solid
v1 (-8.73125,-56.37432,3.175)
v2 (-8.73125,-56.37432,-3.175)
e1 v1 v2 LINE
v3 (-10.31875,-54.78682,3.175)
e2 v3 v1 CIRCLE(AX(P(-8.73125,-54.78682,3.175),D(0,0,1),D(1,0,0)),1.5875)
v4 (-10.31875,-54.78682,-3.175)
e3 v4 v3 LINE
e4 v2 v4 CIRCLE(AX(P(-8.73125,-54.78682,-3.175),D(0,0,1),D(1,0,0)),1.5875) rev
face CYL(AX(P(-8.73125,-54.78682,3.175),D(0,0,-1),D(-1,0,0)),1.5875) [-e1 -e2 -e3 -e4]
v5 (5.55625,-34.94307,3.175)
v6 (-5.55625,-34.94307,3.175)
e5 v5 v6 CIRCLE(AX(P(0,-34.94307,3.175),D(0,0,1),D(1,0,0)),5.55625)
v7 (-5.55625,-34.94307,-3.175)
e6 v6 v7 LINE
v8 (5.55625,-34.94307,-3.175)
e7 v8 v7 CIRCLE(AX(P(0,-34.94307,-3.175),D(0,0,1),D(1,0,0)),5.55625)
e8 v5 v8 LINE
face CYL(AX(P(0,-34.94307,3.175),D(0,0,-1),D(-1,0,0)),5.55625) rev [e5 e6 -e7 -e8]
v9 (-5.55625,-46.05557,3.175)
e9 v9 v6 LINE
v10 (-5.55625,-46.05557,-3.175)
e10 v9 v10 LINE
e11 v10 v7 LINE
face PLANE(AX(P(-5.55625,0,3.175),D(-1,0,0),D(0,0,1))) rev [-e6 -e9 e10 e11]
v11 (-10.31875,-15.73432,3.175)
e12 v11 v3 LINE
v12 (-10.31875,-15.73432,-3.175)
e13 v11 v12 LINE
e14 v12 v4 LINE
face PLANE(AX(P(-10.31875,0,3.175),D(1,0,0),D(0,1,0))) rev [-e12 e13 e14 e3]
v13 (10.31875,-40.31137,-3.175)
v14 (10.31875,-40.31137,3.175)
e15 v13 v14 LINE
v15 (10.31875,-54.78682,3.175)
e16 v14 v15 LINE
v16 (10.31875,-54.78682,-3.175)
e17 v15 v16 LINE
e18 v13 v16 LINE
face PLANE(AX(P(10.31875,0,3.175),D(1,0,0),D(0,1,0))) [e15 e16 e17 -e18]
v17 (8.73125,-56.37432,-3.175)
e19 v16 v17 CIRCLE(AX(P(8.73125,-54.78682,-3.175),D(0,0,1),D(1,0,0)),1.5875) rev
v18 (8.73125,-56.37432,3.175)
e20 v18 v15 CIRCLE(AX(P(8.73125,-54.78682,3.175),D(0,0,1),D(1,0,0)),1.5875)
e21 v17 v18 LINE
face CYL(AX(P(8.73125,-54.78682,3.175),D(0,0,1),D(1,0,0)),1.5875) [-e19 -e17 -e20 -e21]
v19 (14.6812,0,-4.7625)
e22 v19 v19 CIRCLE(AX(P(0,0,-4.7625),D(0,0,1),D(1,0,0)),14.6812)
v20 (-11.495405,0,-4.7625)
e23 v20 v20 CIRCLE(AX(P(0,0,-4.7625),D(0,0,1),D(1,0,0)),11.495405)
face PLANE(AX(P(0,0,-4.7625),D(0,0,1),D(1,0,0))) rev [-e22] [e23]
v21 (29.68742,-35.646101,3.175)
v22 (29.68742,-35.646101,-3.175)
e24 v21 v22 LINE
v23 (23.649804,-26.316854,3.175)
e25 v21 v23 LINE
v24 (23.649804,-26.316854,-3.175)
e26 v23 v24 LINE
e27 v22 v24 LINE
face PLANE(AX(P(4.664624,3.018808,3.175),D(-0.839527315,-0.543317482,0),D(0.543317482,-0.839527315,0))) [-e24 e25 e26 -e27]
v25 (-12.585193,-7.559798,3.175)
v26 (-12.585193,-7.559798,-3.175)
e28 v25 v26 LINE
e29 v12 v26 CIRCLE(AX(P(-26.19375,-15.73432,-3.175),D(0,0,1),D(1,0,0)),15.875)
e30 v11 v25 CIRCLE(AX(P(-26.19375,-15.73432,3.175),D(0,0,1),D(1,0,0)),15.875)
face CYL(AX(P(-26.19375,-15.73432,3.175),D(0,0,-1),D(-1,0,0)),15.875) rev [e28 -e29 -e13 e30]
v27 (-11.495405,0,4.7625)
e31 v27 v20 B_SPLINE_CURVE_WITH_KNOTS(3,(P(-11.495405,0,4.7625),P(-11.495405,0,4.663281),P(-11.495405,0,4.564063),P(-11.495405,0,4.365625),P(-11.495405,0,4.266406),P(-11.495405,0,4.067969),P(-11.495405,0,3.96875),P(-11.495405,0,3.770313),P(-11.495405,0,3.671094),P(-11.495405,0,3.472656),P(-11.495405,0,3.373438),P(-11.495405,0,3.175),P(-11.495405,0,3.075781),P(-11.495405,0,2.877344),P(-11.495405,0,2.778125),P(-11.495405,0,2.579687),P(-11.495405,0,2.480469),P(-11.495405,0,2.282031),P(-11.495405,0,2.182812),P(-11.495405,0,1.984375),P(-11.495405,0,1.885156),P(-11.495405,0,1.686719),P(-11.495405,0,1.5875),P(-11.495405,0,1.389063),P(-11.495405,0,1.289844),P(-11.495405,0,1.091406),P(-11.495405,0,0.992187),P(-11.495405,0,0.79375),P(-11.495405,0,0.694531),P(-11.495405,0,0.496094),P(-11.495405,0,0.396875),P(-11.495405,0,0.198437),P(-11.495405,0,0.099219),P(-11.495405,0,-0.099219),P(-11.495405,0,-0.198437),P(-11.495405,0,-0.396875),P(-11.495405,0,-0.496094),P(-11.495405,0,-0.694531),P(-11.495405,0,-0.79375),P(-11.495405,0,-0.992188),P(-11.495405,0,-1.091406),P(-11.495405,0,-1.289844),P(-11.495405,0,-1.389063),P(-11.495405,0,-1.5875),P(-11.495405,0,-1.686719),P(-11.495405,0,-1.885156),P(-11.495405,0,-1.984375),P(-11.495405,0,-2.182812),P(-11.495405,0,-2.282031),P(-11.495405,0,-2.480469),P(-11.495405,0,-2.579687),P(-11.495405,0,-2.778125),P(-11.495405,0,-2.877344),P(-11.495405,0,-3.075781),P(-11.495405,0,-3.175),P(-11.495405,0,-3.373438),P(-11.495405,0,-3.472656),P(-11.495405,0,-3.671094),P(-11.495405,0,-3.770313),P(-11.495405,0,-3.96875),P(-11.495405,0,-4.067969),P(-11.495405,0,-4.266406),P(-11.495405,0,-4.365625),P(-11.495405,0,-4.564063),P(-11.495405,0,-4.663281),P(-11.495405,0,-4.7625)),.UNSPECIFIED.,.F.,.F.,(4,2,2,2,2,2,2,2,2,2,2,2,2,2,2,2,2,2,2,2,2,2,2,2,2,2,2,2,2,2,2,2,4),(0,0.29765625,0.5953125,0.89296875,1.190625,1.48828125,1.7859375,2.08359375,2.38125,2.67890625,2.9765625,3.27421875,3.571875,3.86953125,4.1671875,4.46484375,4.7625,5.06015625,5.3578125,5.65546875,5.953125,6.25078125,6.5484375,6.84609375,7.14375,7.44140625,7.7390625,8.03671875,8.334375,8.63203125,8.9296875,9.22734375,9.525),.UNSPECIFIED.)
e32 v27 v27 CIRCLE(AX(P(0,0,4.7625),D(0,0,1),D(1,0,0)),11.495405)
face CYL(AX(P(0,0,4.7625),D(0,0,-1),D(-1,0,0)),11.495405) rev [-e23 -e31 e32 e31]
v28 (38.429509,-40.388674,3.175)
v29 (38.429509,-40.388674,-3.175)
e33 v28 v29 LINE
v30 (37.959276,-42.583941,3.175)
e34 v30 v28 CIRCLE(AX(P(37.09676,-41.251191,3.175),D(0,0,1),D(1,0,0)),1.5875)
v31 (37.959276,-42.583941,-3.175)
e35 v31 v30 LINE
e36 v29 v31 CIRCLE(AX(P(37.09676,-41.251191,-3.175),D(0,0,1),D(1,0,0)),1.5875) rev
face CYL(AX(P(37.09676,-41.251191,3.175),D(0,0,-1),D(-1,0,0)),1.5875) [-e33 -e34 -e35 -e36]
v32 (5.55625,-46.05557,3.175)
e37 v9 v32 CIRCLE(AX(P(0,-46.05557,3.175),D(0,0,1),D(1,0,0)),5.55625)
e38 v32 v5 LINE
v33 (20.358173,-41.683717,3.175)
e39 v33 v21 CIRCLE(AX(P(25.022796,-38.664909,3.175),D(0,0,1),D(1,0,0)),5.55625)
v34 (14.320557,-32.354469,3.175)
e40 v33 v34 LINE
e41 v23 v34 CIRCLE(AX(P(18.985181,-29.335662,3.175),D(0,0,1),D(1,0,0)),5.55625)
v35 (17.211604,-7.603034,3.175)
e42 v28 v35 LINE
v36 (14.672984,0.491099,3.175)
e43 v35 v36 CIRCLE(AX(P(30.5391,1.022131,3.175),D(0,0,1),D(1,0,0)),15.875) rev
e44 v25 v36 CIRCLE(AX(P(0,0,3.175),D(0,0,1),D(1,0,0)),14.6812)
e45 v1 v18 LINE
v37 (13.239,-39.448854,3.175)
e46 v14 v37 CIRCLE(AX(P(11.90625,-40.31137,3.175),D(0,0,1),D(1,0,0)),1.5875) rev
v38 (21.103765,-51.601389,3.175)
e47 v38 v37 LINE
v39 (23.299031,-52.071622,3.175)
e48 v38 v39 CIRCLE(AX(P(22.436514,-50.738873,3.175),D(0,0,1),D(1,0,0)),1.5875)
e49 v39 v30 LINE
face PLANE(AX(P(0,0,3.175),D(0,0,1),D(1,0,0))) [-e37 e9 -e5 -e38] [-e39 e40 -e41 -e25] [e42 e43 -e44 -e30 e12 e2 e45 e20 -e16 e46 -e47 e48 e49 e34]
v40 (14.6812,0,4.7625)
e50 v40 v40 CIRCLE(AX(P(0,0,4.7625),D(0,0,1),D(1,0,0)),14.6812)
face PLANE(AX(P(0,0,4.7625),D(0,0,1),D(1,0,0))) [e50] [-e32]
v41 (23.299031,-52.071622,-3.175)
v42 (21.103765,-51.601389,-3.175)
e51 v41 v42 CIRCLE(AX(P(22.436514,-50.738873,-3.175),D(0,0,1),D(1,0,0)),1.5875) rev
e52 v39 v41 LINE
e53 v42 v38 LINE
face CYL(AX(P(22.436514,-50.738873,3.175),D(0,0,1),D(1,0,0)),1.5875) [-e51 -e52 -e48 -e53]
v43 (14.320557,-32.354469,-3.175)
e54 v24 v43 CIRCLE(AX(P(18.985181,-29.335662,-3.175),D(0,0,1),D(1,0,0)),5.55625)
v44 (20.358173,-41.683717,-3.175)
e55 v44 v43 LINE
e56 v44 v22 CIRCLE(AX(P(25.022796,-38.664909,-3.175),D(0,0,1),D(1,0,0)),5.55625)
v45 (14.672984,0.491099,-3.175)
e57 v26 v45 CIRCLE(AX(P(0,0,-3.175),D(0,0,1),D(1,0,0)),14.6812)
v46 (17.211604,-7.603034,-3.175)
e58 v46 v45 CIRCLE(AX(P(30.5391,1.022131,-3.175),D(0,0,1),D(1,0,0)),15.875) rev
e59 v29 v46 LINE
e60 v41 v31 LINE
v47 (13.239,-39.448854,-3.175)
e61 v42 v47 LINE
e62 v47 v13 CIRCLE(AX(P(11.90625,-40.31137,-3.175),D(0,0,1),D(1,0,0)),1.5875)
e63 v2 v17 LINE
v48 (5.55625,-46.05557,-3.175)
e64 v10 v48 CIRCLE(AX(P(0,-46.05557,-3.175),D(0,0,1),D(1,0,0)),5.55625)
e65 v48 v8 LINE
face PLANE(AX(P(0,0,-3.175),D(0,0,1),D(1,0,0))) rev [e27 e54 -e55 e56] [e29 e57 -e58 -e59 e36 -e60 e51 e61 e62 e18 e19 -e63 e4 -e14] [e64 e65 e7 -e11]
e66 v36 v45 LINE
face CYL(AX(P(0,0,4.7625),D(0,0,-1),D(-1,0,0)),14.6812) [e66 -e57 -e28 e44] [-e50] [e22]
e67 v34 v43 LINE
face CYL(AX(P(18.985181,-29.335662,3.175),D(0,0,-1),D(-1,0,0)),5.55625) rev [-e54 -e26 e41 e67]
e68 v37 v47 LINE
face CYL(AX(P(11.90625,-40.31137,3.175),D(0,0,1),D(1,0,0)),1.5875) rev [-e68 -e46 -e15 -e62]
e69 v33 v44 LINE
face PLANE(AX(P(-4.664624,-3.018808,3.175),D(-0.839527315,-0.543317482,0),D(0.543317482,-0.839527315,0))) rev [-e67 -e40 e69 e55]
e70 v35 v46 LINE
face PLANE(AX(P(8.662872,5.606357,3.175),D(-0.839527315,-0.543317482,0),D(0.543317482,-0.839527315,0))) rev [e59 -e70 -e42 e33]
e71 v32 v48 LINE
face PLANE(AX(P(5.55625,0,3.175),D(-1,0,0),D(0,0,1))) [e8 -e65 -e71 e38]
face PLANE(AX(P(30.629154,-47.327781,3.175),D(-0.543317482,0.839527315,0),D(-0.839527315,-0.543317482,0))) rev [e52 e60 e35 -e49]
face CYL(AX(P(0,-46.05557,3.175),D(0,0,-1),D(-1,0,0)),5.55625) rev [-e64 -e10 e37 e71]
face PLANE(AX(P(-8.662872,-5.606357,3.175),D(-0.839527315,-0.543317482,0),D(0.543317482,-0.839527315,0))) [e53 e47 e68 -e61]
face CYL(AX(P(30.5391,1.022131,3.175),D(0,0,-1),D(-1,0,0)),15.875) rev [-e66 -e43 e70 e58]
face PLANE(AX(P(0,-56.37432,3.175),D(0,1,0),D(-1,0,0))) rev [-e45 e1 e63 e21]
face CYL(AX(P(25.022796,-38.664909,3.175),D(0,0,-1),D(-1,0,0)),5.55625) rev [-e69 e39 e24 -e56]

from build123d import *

# Parameters (mm, degrees)
SKETCH1_R           = 11.495405
BOSS_EXTRUDE2_DEPTH = 4.7625
BOSS_EXTRUDE3_DEPTH = 3.175
FILLET1_R           = 1.5875


with BuildPart() as part:
    # Sketch1 → Boss-Extrude2 (new, symmetric)
    with BuildSketch(Plane.XY):
        with BuildLine():
            ThreePointArc((14.672983865, 0.491098707), (-4.158599684, 14.079903484), (-12.585193267, -7.559797873))
            ThreePointArc((-12.585193267, -7.559797873), (4.158599684, -14.079903484), (14.672983865, 0.491098707))
        make_face()
        Circle(SKETCH1_R, mode=Mode.SUBTRACT)
    extrude(amount=BOSS_EXTRUDE2_DEPTH, both=True)

    # Sketch1<4> → Boss-Extrude3 (add, symmetric)
    with BuildSketch(Plane.XY):
        with BuildLine():
            ThreePointArc((-12.585193267, -7.559797873), (-10.89585042, -11.492870345), (-10.31875, -15.734319794))
            Line((-10.31875, -15.734319794), (-10.31875, -56.374319794))
            Line((-10.31875, -56.374319794), (10.31875, -56.374319794))
            Line((10.31875, -56.374319794), (10.31875, -34.936520731))
            Line((10.31875, -34.936520731), (21.966281014, -52.934138627))
            Line((21.966281014, -52.934138627), (39.292025986, -41.721424085))
            Line((39.292025986, -41.721424085), (17.211603503, -7.603033986))
            ThreePointArc((17.211603503, -7.603033986), (15.391641433, -3.728672569), (14.672983865, 0.491098707))
            ThreePointArc((14.672983865, 0.491098707), (4.158599684, -14.079903484), (-12.585193267, -7.559797873))
        make_face()
        with BuildLine():
            ThreePointArc((5.55625, -46.055569794), (0, -51.611819794), (-5.55625, -46.055569794))
            Line((-5.55625, -46.055569794), (-5.55625, -34.943069794))
            ThreePointArc((-5.55625, -34.943069794), (0, -29.386819794), (5.55625, -34.943069794))
            Line((5.55625, -34.943069794), (5.55625, -46.055569794))
        make_face(mode=Mode.SUBTRACT)
        with BuildLine():
            ThreePointArc((29.687419875, -35.646101109), (28.04160399, -43.329532516), (20.358172583, -41.683716631))
            Line((20.358172583, -41.683716631), (14.32055706, -32.354469339))
            ThreePointArc((14.32055706, -32.354469339), (15.966372945, -24.671037931), (23.649804353, -26.316853816))
            Line((23.649804353, -26.316853816), (29.687419875, -35.646101109))
        make_face(mode=Mode.SUBTRACT)
    extrude(amount=BOSS_EXTRUDE3_DEPTH, both=True)

    # Fillet1
    fillet1_edges = [part.edges().sort_by_distance(p)[0] for p in [
        (-10.31875, -56.374319794, 0),
        (39.292025986, -41.721424085, 0),
        (10.31875, -56.374319794, 0),
        (21.966281014, -52.934138627, 0),
        (10.31875, -34.936520731, 0),
    ]]
    fillet(fillet1_edges, radius=FILLET1_R)


solid = part.part
